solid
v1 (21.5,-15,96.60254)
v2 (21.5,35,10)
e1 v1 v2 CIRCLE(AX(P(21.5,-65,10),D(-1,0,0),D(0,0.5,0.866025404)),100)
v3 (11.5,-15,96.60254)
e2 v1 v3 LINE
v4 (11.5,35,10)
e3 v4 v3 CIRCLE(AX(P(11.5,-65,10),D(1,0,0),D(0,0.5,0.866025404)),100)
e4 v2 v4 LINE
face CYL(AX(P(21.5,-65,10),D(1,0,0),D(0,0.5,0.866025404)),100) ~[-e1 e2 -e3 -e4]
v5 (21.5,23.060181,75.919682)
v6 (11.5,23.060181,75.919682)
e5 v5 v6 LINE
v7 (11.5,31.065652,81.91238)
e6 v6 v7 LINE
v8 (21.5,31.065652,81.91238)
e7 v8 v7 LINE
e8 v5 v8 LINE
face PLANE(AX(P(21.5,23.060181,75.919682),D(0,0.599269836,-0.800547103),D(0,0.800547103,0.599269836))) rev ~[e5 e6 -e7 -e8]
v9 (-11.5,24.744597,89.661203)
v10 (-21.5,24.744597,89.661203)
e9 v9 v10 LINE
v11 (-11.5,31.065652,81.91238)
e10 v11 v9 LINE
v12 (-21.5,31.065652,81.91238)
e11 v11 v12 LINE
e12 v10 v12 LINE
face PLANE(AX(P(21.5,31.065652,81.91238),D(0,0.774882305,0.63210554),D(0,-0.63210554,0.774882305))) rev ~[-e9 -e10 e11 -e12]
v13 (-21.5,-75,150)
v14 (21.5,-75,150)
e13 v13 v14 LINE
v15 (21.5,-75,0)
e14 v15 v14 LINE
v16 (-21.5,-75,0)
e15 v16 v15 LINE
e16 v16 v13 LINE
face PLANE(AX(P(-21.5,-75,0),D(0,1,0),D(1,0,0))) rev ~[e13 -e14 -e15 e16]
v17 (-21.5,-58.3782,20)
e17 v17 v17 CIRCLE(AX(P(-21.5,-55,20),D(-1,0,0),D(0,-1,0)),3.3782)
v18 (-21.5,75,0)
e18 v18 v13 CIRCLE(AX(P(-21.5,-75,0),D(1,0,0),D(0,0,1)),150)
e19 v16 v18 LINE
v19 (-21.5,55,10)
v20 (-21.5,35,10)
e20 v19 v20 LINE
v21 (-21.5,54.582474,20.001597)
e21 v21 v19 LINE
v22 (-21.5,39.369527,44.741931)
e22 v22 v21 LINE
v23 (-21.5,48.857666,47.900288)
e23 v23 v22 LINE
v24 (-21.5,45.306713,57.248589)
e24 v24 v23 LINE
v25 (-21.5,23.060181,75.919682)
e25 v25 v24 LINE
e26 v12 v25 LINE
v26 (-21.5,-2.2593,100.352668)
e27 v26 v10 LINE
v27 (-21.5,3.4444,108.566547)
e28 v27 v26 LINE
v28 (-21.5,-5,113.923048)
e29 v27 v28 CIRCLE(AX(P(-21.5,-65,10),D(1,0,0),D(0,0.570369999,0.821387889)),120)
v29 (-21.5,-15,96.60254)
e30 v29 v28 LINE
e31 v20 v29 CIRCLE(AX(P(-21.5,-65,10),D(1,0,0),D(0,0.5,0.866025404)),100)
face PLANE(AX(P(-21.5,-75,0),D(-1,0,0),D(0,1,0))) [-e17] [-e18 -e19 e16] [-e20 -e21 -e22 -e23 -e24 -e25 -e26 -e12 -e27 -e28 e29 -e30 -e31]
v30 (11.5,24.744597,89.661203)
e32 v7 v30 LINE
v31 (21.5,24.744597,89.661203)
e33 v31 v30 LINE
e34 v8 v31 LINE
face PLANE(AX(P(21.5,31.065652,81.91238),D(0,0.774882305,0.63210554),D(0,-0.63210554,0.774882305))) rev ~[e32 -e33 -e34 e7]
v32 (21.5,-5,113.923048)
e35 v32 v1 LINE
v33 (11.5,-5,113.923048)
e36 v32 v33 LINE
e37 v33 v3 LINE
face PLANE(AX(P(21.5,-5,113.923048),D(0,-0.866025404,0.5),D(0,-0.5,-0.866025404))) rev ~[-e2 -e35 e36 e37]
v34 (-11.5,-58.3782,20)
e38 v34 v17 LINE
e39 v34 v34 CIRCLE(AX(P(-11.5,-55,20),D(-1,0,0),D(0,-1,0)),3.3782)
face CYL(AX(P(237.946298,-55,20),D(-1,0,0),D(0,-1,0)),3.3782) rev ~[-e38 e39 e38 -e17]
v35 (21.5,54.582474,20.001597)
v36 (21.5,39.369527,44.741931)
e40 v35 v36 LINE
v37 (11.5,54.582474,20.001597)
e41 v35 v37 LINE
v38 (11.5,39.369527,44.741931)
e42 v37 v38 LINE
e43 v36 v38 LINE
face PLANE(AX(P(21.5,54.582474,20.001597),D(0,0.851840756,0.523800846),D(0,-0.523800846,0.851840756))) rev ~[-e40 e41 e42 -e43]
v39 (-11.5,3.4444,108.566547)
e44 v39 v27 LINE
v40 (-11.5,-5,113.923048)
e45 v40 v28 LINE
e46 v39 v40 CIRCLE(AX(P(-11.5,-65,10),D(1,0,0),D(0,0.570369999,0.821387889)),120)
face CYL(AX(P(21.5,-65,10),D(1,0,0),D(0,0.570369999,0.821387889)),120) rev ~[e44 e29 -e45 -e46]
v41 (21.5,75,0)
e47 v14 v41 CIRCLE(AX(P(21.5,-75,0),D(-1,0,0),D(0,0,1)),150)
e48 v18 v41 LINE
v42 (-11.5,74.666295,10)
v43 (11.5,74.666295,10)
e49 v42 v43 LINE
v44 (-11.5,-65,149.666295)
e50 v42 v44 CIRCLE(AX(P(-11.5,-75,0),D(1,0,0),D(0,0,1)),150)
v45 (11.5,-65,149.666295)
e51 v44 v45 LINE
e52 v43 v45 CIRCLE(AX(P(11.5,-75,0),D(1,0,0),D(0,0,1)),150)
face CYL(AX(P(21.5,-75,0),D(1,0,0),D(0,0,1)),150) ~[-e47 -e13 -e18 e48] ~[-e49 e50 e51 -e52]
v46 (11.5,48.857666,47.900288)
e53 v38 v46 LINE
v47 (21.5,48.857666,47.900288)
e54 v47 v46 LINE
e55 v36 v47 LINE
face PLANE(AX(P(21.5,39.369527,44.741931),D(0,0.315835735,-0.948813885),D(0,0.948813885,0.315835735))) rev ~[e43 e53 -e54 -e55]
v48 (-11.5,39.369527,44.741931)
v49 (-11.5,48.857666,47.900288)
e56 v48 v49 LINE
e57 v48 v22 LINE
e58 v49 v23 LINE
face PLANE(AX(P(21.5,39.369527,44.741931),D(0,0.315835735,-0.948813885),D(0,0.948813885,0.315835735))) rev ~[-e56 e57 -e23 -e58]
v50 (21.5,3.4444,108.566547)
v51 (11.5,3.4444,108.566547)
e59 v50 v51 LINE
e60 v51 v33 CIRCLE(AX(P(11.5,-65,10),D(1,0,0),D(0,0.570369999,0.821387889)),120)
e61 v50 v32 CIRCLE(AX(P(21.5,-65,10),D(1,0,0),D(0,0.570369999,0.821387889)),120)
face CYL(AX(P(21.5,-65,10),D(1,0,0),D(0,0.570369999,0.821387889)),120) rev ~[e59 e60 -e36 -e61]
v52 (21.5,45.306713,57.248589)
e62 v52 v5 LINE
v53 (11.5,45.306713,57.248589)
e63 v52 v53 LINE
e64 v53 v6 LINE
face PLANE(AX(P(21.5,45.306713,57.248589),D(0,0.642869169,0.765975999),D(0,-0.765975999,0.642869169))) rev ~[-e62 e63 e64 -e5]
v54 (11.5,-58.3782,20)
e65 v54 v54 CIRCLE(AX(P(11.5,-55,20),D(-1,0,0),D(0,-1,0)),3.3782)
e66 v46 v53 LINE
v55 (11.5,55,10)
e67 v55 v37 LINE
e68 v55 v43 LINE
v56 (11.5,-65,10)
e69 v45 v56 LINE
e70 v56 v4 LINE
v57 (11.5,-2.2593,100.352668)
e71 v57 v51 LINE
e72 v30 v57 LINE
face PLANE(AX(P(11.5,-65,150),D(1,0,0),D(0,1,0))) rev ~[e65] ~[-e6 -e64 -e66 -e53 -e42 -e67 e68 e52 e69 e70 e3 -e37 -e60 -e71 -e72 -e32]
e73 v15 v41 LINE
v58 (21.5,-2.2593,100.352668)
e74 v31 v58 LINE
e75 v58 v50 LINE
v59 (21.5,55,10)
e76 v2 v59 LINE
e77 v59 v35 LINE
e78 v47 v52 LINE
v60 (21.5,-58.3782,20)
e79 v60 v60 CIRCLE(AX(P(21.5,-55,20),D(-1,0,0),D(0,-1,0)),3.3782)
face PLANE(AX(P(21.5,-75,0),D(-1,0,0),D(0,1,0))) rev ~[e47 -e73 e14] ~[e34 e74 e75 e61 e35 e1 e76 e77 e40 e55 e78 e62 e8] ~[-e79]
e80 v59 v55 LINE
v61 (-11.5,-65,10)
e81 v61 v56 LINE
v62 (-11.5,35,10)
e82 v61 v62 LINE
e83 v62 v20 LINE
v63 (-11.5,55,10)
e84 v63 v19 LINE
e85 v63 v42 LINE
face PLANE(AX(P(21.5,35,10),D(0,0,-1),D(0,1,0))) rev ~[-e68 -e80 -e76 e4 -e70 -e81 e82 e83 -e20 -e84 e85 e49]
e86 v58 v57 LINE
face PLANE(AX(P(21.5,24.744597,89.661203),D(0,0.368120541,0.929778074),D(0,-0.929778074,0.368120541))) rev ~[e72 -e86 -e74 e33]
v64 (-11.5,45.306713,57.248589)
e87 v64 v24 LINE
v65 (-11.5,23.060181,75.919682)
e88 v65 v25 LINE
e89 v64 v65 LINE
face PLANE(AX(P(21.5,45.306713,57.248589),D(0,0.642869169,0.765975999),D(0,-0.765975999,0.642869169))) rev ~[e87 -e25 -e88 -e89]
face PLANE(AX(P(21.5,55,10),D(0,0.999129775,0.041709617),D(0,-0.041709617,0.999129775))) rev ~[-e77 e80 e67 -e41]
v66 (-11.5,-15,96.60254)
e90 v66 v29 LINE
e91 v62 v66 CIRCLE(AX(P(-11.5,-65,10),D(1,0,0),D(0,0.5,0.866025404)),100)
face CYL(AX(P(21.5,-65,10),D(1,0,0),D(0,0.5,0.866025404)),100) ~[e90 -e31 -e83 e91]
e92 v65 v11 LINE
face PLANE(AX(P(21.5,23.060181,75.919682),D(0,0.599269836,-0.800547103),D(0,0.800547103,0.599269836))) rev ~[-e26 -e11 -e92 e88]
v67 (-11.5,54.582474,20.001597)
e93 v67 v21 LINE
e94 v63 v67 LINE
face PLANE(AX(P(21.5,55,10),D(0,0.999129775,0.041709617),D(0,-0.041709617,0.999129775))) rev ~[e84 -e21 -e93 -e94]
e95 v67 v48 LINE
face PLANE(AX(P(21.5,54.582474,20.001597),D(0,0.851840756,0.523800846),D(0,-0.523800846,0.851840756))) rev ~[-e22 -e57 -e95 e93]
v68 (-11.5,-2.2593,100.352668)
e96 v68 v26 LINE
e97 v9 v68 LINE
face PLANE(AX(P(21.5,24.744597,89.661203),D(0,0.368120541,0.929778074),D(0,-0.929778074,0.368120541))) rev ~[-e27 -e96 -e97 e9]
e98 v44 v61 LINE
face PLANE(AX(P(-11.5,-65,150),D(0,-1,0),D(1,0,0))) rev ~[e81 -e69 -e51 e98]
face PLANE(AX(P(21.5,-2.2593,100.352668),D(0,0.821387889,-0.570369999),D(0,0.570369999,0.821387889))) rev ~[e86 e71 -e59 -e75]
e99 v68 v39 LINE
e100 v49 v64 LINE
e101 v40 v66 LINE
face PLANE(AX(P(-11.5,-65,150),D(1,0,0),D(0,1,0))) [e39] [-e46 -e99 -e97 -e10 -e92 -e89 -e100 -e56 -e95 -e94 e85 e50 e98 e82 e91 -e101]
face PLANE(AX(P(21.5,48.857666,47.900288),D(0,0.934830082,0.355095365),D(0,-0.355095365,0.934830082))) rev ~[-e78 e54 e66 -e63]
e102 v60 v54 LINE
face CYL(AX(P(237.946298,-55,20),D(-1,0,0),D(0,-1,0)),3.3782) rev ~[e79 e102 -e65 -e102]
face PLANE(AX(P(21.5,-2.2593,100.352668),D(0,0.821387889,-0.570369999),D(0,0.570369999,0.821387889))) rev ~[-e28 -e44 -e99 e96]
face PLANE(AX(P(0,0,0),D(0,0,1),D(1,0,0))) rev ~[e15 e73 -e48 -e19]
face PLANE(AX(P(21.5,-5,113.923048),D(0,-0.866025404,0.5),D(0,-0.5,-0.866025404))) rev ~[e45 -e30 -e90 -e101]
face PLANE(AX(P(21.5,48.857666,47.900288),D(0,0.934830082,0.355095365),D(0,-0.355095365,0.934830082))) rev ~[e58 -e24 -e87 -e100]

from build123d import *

# Parameters (mm, degrees)
F0_W     = 43
F0_H     = 150
F1_DEPTH = 150
F2_W     = 23
F2_H     = 140
F3_DEPTH = 140
F5_DEPTH = 43.001
F7_D     = 6.7564
F9_DEPTH = 43.001


with BuildPart() as f1:
    # F0 (on Top) → F1 (new body)
    with BuildSketch(Plane.XY):
        Rectangle(F0_W, F0_H)
    extrude(amount=F1_DEPTH)

    # F2 (on face) → F3 (cut)
    with BuildSketch(Plane.XY.offset(150)):
        with Locations((0, 5)):
            Rectangle(F2_W, F2_H)
    extrude(amount=-F3_DEPTH, mode=Mode.SUBTRACT)

    # F4 (on face) → F5 (cut, through all)
    with BuildSketch(Plane.YZ.offset(21.5)):
        with BuildLine():
            Line((75, 150), (-75, 150))
            ThreePointArc((-75, 150), (31.066017178, 106.066017178), (75, 0))
            Line((75, 0), (75, 150))
        make_face()
    extrude(amount=-F5_DEPTH, mode=Mode.SUBTRACT)

    # F7 (through all)
    with Locations(Plane.YZ.offset(21.5)):
        with Locations((-55, 20)):
            Hole(F7_D / 2)

    # F8 (on face) → F9 (cut, through all)
    with BuildSketch(Plane.YZ.offset(21.5)):
        with BuildLine():
            Line((-5, 113.9230484541), (-15, 96.6025403784))
            ThreePointArc((-15, 96.6025403784), (21.6025403784, 60), (35, 10))
            Line((35, 10), (55, 10))
            Line((55, 10), (54.5824738826, 20.0015968781))
            Line((54.5824738826, 20.0015968781), (39.3695273594, 44.7419308441))
            Line((39.3695273594, 44.7419308441), (48.8576662103, 47.9002881935))
            Line((48.8576662103, 47.9002881935), (45.3067125626, 57.248589012))
            Line((45.3067125626, 57.248589012), (23.0601812824, 75.9196819812))
            Line((23.0601812824, 75.9196819812), (31.0656523081, 81.9123803431))
            Line((31.0656523081, 81.9123803431), (24.7445969083, 89.6612033914))
            Line((24.7445969083, 89.6612033914), (-2.2593001309, 100.3526678075))
            Line((-2.2593001309, 100.3526678075), (3.4443998572, 108.5665466991))
            ThreePointArc((3.4443998572, 108.5665466991), (-0.7219789397, 111.3327982865), (-5, 113.9230484541))
        make_face()
    extrude(amount=-F9_DEPTH, mode=Mode.SUBTRACT)


solid = f1.part
